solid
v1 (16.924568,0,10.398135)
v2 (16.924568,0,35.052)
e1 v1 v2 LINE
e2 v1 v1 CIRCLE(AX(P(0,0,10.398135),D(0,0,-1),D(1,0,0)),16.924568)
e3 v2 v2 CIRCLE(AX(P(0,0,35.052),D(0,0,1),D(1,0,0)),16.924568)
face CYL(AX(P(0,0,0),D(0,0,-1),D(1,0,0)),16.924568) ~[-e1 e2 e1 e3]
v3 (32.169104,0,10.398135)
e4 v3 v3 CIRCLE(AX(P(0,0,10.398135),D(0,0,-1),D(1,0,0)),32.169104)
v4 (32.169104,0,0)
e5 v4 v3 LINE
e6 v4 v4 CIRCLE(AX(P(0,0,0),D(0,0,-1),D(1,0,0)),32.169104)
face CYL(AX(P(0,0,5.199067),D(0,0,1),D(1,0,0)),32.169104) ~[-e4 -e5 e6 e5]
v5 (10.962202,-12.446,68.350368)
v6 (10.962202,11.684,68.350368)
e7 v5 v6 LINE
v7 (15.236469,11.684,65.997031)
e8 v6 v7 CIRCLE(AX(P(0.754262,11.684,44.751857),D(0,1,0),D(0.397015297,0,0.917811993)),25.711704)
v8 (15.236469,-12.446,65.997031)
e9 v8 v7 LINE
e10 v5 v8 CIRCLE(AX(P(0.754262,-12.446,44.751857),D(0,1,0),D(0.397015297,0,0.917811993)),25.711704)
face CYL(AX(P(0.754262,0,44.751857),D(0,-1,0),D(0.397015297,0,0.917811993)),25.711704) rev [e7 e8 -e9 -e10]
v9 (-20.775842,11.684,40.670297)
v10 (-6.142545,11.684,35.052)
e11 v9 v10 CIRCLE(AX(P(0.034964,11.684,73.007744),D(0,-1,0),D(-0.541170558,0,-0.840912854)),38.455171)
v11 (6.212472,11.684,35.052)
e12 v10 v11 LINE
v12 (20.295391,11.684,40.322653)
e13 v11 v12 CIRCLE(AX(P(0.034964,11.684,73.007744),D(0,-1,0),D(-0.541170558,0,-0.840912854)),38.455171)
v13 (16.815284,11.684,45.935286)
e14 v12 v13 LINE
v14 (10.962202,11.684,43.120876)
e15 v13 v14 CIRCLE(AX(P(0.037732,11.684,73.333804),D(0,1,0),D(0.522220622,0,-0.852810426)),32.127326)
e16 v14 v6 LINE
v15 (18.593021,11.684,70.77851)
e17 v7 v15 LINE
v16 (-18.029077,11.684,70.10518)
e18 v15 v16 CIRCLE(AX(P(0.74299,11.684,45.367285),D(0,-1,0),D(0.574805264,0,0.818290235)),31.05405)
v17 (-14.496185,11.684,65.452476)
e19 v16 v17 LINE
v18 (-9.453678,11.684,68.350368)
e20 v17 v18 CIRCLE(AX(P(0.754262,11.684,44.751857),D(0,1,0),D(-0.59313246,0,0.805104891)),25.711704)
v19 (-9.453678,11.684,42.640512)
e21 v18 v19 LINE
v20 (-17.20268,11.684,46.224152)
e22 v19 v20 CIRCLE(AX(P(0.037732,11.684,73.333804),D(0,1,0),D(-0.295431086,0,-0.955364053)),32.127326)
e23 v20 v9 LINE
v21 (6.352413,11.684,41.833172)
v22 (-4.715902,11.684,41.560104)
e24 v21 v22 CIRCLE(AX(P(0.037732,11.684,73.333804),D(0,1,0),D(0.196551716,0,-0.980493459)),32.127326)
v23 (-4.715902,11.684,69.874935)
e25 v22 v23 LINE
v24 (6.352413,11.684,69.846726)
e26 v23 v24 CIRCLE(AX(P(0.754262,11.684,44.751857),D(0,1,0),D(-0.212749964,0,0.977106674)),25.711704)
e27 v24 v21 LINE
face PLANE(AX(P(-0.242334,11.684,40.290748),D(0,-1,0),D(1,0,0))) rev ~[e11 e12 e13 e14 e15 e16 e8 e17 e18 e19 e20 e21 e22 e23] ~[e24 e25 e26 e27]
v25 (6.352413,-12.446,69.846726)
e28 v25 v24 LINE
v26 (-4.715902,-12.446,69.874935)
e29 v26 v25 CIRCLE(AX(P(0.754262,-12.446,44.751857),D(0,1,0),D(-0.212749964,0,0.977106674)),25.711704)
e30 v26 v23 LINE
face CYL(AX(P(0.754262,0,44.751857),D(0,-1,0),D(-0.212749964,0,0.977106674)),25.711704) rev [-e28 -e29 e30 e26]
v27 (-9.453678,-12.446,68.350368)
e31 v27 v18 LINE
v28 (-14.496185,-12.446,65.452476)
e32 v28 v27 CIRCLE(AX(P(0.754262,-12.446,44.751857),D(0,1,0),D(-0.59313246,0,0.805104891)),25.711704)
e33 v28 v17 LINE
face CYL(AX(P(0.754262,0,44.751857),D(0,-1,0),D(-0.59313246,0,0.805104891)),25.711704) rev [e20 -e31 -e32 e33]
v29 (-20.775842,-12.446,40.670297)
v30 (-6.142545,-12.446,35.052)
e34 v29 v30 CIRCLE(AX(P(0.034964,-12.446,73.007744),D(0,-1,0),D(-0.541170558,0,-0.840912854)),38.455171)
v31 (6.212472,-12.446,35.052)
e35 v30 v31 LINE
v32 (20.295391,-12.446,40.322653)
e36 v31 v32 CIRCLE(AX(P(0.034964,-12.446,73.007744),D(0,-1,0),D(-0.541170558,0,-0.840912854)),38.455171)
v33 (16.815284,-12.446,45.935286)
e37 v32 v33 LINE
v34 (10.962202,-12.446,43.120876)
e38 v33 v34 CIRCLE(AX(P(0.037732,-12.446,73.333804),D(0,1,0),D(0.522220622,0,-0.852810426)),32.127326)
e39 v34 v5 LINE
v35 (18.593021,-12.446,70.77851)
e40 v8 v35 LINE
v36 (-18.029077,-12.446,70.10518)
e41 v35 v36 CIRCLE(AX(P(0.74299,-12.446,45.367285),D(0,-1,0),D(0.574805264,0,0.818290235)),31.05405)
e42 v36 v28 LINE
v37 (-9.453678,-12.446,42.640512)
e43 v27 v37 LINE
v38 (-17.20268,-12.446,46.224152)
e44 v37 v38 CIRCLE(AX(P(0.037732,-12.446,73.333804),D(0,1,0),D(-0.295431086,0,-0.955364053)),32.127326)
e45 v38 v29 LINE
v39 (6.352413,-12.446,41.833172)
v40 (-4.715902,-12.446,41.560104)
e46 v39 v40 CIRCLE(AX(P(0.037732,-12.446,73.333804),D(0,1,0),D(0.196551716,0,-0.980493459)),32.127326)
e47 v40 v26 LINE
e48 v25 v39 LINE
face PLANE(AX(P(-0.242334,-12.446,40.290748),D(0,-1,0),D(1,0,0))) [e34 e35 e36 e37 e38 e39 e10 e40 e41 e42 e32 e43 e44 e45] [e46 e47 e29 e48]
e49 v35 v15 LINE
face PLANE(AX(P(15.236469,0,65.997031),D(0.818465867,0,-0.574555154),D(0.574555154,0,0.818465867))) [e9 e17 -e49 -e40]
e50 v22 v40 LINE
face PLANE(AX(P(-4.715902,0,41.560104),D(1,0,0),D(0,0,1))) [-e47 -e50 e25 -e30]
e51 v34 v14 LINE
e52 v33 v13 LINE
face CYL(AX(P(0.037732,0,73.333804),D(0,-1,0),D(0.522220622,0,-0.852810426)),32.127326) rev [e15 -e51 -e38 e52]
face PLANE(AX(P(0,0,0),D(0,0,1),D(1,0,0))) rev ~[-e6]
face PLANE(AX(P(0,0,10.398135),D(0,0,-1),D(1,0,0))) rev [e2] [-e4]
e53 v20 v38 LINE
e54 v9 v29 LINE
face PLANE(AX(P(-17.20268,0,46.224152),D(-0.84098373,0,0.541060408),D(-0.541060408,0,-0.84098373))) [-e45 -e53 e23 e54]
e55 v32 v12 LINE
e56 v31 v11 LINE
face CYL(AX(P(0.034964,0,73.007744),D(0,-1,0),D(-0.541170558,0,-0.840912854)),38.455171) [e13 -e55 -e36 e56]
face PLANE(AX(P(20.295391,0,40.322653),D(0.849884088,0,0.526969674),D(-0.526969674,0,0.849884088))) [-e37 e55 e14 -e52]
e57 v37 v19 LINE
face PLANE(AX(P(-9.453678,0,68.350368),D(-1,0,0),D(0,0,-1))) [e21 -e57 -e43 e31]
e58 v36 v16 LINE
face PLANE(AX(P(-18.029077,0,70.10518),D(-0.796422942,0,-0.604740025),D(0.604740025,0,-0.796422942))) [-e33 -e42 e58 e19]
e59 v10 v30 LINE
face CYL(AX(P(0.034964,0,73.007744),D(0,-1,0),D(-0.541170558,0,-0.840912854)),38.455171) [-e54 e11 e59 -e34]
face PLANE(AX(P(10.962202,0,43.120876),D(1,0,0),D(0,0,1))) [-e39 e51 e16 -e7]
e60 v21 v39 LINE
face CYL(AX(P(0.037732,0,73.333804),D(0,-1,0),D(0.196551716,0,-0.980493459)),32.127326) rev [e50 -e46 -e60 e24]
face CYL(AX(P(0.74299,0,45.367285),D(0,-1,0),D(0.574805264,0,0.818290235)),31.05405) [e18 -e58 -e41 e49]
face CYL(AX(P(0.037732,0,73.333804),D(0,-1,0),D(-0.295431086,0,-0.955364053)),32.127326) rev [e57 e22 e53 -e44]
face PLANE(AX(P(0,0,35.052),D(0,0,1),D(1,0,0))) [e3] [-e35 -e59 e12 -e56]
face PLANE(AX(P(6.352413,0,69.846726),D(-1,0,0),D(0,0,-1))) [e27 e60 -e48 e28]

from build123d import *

# Parameters (mm, degrees)
F0_W     = 32.1691036224
F0_H     = 10.3981345892
F2_R     = 16.9245679208
F3_DEPTH = 35.052
F5_DEPTH = 12.446
F6_DEPTH = 11.684


with BuildPart() as f1:
    # F0 (on Front) → F1 (revolve)
    with BuildSketch(Plane.XZ):
        with Locations((16.0845518112, 5.1990672946)):
            Rectangle(F0_W, F0_H)
    revolve(axis=Axis((0, 0, 5.1990672946), (0, 0, -1)))

    # F2 (on Top) → F3 (join)
    with BuildSketch(Plane.XY):
        Circle(F2_R)
    extrude(amount=F3_DEPTH)

    # F4 (on Front) → F5 (join)
    with BuildSketch(Plane.XZ):
        with BuildLine():
            Line((-17.2026802681, 46.2241524707), (-20.7758424342, 40.6702971151))
            ThreePointArc((-20.7758424342, 40.6702971151), (-0.2905255832, 34.5539512873), (20.2953913573, 40.3226527435))
            Line((20.2953913573, 40.3226527435), (16.8152843817, 45.9352860484))
            ThreePointArc((16.8152843817, 45.9352860484), (-0.2354935112, 41.1577205632), (-17.2026802681, 46.2241524707))
        make_face()
        with BuildLine():
            ThreePointArc((-9.4536782582, 42.6405122732), (-13.4477491949, 44.1737830783), (-17.2026802681, 46.2241524707))
            ThreePointArc((-17.2026802681, 46.2241524707), (-0.2354935112, 41.1577205632), (16.8152843817, 45.9352860484))
            ThreePointArc((16.8152843817, 45.9352860484), (13.9600425927, 44.3798005754), (10.962201674, 43.1208762102))
            ThreePointArc((10.962201674, 43.1208762102), (8.6813208555, 42.3910598969), (6.3524134113, 41.833171668))
            ThreePointArc((6.3524134113, 41.833171668), (0.8301071261, 41.2162515517), (-4.7159024645, 41.5601043652))
            ThreePointArc((-4.7159024645, 41.5601043652), (-7.1052467262, 42.0106036166), (-9.4536782582, 42.6405122732))
        make_face()
        with BuildLine():
            Line((-9.4536782582, 68.3503676295), (-9.4536782582, 42.6405122732))
            ThreePointArc((-9.4536782582, 42.6405122732), (-7.1052467262, 42.0106036166), (-4.7159024645, 41.5601043652))
            Line((-4.7159024645, 41.5601043652), (-4.7159024645, 69.8749349594))
            ThreePointArc((-4.7159024645, 69.8749349594), (-7.1217660809, 69.2275577769), (-9.4536782582, 68.3503676295))
        make_face()
        with BuildLine():
            ThreePointArc((6.3524134113, 41.833171668), (8.6813208555, 42.3910598969), (10.962201674, 43.1208762102))
            Line((10.962201674, 43.1208762102), (10.962201674, 68.3503676295))
            ThreePointArc((10.962201674, 68.3503676295), (8.6926434954, 69.2074051813), (6.3524134113, 69.8467257929))
            Line((6.3524134113, 69.8467257929), (6.3524134113, 41.833171668))
        make_face()
        with BuildLine():
            ThreePointArc((-14.4961847769, 65.4524759376), (-12.0571318242, 67.0444552804), (-9.4536782582, 68.3503676295))
            ThreePointArc((-9.4536782582, 68.3503676295), (-7.1217660809, 69.2275577769), (-4.7159024645, 69.8749349594))
            ThreePointArc((-4.7159024645, 69.8749349594), (0.8197914056, 70.4634778759), (6.3524134113, 69.8467257929))
            ThreePointArc((6.3524134113, 69.8467257929), (8.6926434954, 69.2074051813), (10.962201674, 68.3503676295))
            ThreePointArc((10.962201674, 68.3503676295), (13.155285497, 67.2753192406), (15.2364689754, 65.9970309232))
            ThreePointArc((15.2364689754, 65.9970309232), (0.2813076758, 70.5751050434), (-14.4961847769, 65.4524759376))
        make_face()
        with BuildLine():
            Line((-18.0290771655, 70.1051802942), (-14.4961847769, 65.4524759376))
            ThreePointArc((-14.4961847769, 65.4524759376), (0.2813076758, 70.5751050434), (15.2364689754, 65.9970309232))
            Line((15.2364689754, 65.9970309232), (18.5930212877, 70.7785100912))
            ThreePointArc((18.5930212877, 70.7785100912), (0.1721303263, 76.4160867046), (-18.0290771655, 70.1051802942))
        make_face()
    extrude(amount=F5_DEPTH)

    # F6 (add): a face of the model
    f6_faces = [f1.faces().sort_by_distance(p)[0] for p in [
        (-13.6924417201, 0, 43.6446778209),
    ]]
    extrude(f6_faces, amount=F6_DEPTH)


solid = f1.part
